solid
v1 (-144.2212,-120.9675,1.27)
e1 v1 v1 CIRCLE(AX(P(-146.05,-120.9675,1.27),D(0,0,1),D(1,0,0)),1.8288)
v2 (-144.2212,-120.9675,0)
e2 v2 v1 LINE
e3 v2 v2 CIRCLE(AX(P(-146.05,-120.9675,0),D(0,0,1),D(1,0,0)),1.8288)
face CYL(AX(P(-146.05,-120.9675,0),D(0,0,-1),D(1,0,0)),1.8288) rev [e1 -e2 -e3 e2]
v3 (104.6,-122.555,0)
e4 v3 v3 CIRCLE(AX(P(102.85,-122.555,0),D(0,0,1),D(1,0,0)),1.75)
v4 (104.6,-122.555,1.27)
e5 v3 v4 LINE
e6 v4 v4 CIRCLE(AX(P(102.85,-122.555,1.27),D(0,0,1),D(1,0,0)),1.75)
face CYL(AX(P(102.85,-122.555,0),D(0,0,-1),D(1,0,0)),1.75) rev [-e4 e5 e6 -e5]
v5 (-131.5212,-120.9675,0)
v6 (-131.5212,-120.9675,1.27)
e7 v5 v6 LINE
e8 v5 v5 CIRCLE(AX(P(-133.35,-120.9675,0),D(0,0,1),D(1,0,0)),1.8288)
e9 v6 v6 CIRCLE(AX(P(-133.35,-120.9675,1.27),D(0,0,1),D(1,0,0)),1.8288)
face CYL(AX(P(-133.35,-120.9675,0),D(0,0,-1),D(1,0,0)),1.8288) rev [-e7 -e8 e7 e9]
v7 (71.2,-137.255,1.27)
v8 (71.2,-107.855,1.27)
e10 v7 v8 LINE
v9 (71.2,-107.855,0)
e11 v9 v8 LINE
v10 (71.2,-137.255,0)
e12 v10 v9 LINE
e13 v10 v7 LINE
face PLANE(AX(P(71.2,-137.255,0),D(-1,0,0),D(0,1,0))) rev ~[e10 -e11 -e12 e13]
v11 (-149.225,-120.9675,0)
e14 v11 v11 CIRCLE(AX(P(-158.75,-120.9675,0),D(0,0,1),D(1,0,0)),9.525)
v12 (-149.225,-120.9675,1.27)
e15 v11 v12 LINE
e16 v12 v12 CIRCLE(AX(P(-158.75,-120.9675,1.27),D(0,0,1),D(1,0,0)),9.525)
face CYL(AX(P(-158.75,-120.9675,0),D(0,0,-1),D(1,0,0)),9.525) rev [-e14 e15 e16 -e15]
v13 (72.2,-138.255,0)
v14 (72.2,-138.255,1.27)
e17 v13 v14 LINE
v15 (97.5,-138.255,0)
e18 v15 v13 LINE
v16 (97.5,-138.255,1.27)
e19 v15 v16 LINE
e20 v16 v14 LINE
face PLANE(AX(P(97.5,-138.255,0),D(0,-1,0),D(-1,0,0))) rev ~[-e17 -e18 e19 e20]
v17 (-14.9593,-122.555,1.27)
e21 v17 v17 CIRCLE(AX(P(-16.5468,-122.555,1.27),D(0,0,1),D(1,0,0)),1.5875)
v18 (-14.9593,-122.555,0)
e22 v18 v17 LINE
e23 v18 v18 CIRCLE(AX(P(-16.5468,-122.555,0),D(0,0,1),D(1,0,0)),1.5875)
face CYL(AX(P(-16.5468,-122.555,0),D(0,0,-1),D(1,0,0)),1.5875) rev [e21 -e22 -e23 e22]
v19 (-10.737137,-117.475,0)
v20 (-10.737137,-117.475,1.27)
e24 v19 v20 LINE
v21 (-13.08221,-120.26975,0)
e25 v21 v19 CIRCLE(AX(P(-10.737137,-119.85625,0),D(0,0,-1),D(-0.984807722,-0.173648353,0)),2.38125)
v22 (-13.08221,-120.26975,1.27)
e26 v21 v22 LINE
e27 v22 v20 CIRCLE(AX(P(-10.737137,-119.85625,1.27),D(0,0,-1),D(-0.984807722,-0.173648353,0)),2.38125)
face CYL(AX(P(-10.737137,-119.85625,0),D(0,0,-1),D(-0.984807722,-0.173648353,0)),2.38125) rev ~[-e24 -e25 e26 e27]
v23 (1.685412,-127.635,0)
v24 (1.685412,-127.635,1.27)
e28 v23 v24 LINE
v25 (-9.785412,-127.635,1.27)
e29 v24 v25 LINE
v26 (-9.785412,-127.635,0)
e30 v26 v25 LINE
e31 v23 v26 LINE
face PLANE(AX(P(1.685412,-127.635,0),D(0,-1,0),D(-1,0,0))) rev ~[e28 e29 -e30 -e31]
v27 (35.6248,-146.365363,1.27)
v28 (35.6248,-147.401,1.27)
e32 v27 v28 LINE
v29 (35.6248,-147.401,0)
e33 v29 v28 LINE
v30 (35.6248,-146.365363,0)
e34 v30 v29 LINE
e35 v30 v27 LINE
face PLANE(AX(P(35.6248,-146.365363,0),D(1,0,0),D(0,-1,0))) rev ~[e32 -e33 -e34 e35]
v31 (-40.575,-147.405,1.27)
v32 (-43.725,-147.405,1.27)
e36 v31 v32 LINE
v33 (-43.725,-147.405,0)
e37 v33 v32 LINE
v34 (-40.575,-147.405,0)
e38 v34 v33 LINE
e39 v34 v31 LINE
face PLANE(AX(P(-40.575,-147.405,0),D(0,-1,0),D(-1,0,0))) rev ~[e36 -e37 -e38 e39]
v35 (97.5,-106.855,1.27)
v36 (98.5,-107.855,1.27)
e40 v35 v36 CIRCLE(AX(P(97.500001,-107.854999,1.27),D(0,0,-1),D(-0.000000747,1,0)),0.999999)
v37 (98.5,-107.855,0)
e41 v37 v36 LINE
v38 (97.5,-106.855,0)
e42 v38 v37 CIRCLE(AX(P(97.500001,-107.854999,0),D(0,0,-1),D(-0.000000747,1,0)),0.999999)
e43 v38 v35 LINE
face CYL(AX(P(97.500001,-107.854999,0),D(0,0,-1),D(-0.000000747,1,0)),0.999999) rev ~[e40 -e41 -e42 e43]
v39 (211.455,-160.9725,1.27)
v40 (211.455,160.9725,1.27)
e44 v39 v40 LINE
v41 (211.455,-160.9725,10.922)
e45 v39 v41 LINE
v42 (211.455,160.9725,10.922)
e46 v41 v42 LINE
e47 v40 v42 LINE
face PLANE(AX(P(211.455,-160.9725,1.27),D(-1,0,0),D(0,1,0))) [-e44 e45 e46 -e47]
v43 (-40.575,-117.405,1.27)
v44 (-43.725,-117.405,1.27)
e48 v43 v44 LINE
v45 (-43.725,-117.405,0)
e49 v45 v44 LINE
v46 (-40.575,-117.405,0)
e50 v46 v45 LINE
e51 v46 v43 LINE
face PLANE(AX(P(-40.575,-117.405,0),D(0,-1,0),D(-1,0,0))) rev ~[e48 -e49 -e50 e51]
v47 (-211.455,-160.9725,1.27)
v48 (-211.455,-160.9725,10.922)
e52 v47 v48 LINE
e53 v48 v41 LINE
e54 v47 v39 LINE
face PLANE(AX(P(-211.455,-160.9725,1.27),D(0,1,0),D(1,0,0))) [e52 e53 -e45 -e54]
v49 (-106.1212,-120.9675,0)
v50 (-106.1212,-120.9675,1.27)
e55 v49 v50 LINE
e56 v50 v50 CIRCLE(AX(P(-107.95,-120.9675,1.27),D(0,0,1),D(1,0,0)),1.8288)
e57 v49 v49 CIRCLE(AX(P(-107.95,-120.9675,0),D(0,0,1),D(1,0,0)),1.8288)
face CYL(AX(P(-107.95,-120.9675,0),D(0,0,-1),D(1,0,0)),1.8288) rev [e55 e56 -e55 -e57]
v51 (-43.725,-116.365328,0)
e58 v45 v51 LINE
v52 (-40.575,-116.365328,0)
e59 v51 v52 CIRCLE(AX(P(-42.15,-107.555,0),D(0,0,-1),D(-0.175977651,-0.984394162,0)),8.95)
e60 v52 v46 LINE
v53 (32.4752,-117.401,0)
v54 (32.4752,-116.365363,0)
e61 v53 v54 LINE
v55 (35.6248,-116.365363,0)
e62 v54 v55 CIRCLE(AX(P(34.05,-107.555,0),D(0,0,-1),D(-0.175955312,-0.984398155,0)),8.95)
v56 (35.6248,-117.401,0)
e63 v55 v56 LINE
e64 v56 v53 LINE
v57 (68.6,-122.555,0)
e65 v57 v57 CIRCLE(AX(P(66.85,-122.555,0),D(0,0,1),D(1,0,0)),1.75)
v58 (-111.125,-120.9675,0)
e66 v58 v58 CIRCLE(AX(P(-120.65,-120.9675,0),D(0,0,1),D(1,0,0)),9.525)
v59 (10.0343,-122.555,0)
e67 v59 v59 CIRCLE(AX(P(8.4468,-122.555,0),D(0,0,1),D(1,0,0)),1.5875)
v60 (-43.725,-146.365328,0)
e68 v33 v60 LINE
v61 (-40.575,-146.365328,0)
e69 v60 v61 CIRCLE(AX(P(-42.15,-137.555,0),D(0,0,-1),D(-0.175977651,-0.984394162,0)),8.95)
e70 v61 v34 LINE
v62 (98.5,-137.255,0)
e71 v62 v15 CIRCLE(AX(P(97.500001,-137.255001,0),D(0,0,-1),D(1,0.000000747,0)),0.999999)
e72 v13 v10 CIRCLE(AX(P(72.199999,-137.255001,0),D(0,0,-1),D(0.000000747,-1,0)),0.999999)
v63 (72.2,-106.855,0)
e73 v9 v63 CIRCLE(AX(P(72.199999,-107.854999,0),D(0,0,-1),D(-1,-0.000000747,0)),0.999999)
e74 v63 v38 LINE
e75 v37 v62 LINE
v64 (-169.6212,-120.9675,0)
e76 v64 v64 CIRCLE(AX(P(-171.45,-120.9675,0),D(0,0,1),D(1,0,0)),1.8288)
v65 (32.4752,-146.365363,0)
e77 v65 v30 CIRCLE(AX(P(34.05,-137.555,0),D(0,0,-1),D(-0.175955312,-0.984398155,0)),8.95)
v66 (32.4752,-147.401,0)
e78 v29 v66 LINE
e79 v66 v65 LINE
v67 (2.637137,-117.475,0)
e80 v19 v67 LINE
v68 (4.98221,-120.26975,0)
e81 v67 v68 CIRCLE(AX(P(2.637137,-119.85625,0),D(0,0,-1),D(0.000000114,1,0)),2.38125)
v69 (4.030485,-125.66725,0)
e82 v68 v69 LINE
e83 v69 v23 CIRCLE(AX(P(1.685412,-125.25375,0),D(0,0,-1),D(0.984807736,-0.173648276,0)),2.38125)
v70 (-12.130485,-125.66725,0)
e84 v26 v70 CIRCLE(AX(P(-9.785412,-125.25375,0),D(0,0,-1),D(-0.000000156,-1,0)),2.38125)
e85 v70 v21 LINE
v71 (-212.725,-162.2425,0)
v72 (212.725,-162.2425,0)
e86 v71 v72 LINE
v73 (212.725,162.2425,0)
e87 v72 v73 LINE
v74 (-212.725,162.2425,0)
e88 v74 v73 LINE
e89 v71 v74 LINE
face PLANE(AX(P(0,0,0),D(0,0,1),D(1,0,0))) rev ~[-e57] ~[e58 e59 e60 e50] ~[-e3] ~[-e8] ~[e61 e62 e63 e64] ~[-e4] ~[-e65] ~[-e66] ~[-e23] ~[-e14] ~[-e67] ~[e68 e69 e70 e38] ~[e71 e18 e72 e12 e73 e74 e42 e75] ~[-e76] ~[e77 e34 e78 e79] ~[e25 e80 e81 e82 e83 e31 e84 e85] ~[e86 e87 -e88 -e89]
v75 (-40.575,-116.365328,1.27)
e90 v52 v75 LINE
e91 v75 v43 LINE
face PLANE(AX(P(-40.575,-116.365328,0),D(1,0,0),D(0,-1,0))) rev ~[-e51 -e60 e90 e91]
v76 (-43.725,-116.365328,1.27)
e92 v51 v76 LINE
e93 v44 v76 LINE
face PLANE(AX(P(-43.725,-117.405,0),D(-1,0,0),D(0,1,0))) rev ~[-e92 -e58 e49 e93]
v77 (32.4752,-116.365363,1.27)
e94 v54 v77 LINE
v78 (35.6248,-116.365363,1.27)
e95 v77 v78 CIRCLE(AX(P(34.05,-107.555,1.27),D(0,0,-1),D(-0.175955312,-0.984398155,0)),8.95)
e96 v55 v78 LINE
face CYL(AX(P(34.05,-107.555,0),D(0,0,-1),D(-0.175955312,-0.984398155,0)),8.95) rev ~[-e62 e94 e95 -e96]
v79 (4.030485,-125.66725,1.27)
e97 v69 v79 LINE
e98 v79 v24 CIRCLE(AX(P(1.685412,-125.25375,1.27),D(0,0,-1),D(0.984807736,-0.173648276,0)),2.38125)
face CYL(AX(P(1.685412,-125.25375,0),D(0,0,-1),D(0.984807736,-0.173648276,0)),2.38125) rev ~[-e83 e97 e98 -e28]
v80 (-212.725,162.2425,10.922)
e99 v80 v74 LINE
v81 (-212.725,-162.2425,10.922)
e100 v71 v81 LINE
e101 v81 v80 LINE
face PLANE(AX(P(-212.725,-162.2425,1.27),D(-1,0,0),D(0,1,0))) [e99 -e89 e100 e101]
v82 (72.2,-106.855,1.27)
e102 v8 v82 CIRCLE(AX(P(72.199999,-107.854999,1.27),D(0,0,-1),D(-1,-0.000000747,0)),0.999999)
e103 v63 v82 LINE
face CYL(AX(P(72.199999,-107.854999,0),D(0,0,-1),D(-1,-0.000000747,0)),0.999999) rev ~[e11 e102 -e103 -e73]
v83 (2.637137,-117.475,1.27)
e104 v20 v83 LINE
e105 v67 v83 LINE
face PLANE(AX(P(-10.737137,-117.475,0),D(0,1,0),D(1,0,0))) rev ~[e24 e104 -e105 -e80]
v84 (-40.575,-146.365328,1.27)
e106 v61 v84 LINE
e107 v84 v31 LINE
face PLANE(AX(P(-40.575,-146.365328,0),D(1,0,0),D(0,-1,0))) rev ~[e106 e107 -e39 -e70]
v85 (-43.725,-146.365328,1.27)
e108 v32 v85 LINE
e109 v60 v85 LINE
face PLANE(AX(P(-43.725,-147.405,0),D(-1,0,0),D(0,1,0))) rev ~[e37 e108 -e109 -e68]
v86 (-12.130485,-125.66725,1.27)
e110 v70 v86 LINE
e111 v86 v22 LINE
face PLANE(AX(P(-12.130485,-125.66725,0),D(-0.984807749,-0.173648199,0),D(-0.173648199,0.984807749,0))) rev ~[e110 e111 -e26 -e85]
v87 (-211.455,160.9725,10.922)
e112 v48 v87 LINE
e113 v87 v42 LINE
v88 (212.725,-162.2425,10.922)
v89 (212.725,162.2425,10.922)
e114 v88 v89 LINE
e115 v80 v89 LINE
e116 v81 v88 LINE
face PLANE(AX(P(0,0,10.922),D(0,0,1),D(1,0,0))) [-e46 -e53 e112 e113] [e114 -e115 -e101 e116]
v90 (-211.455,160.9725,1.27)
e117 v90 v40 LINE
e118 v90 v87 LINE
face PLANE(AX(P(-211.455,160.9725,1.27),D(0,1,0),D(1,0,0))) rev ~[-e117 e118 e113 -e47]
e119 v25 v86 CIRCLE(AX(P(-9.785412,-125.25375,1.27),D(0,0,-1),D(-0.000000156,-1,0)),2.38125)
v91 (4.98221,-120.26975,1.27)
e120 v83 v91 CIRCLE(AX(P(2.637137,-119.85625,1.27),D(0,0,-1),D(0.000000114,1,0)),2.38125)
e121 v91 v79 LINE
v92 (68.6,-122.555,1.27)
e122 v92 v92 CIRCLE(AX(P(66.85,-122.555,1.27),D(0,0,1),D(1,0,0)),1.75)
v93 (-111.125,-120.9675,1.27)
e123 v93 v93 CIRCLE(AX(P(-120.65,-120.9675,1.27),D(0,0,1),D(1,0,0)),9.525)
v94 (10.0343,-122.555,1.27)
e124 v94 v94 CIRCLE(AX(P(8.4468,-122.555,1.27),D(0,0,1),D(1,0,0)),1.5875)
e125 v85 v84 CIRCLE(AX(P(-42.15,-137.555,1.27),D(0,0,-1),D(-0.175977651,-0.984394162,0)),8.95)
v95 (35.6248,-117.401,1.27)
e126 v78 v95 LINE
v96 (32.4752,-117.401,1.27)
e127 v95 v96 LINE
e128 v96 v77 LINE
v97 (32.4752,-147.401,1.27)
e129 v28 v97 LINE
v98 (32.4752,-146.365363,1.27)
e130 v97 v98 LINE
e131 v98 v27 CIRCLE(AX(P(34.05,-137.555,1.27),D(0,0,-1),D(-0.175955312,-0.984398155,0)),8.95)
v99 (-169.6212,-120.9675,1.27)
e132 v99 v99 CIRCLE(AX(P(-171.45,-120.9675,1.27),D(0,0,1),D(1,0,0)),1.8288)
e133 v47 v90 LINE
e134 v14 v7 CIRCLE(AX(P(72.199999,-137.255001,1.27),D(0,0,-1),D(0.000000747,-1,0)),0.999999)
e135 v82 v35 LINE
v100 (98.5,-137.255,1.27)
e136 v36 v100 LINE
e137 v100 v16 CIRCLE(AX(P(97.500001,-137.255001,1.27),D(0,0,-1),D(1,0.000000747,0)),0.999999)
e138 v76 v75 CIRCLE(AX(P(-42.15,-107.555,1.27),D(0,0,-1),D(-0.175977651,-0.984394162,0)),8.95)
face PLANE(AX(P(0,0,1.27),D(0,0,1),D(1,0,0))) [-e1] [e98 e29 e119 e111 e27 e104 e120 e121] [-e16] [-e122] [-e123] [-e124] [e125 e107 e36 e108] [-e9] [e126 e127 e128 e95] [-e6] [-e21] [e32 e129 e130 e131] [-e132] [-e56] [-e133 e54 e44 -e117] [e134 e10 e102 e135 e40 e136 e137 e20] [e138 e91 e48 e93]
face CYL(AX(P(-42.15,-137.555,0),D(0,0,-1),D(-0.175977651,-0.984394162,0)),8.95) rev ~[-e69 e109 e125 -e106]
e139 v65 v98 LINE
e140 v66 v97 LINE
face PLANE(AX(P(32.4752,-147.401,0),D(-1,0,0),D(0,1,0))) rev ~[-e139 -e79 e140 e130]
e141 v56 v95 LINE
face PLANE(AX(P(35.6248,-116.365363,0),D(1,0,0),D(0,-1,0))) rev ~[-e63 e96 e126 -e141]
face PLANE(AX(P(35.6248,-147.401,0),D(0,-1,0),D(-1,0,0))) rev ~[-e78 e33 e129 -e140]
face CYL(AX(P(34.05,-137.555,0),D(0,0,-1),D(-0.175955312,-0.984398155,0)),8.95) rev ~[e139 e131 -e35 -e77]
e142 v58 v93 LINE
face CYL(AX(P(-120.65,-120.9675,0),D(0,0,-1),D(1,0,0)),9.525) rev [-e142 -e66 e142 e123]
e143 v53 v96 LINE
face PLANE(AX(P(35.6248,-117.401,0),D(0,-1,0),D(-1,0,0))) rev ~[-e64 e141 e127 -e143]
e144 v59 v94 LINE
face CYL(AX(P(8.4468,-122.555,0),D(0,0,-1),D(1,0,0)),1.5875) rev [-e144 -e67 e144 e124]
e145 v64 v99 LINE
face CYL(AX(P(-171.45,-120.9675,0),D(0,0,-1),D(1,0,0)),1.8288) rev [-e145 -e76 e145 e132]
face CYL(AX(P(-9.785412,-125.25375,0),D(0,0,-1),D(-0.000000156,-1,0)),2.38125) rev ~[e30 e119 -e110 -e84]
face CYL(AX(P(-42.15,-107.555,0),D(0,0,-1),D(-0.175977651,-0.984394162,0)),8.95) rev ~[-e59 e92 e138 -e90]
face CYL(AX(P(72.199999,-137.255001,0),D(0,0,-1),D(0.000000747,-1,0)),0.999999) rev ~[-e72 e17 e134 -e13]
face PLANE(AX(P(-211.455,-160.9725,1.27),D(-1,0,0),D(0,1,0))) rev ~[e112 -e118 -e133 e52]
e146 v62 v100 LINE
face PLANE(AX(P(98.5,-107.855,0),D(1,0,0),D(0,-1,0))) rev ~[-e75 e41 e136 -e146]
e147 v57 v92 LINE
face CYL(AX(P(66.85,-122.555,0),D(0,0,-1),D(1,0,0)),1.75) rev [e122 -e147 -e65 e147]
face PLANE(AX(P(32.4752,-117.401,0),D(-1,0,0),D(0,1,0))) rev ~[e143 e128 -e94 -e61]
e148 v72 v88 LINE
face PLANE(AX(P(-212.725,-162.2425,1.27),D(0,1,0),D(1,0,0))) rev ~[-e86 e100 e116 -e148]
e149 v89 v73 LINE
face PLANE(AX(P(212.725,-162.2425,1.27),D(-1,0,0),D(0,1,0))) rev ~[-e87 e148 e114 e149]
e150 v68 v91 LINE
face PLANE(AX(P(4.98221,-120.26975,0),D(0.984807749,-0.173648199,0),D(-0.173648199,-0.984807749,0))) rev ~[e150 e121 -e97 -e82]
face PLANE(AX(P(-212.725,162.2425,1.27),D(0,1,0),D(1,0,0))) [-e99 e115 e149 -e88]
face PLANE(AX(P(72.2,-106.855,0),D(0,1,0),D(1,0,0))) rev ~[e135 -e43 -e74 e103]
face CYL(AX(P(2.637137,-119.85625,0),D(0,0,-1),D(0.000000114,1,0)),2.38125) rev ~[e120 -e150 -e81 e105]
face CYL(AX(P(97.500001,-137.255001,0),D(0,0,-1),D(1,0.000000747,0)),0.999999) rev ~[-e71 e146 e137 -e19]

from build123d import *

# Parameters (mm, degrees)
F0_W     = 425.45
F0_H     = 324.485
F0_R     = 1.8288
F0_R_2   = 9.525
F0_R_3   = 1.5875
F0_R_4   = 1.75
F1_DEPTH = 1.27
F2_W     = 425.45
F2_H     = 324.485
F2_W_2   = 422.91
F2_H_2   = 321.945
F3_DEPTH = 9.652


with BuildPart() as f1:
    # F0 (on Top) → F1 (new body)
    with BuildSketch(Plane.XY):
        Rectangle(F0_W, F0_H)
        with Locations((-171.45, -120.9675)):
            Circle(F0_R, mode=Mode.SUBTRACT)
        with Locations((-158.75, -120.9675)):
            Circle(F0_R_2, mode=Mode.SUBTRACT)
        with Locations((-146.05, -120.9675)):
            Circle(F0_R, mode=Mode.SUBTRACT)
        with Locations((-133.35, -120.9675)):
            Circle(F0_R, mode=Mode.SUBTRACT)
        with Locations((-120.65, -120.9675)):
            Circle(F0_R_2, mode=Mode.SUBTRACT)
        with Locations((-107.95, -120.9675)):
            Circle(F0_R, mode=Mode.SUBTRACT)
        with BuildLine():
            ThreePointArc((-43.725, -146.365328), (-42.15, -128.605), (-40.575, -146.365328))
            Line((-40.575, -146.365328), (-40.575, -147.405))
            Line((-40.575, -147.405), (-43.725, -147.405))
            Line((-43.725, -147.405), (-43.725, -146.365328))
        make_face(mode=Mode.SUBTRACT)
        with Locations((-16.5468, -122.555)):
            Circle(F0_R_3, mode=Mode.SUBTRACT)
        with BuildLine():
            ThreePointArc((-13.08221, -120.26975), (-12.56128, -118.325612), (-10.737137, -117.475))
            Line((-10.737137, -117.475), (2.637137, -117.475))
            ThreePointArc((2.637137, -117.475), (4.46128, -118.325612), (4.98221, -120.26975))
            Line((4.98221, -120.26975), (4.030485, -125.66725))
            ThreePointArc((4.030485, -125.66725), (3.21605, -127.077893), (1.685412, -127.635))
            Line((1.685412, -127.635), (-9.785412, -127.635))
            ThreePointArc((-9.785412, -127.635), (-11.31605, -127.077893), (-12.130485, -125.66725))
            Line((-12.130485, -125.66725), (-13.08221, -120.26975))
        make_face(mode=Mode.SUBTRACT)
        with BuildLine():
            ThreePointArc((-43.725, -116.365328), (-42.15, -98.605), (-40.575, -116.365328))
            Line((-40.575, -116.365328), (-40.575, -117.405))
            Line((-40.575, -117.405), (-43.725, -117.405))
            Line((-43.725, -117.405), (-43.725, -116.365328))
        make_face(mode=Mode.SUBTRACT)
        with Locations((8.4468, -122.555)):
            Circle(F0_R_3, mode=Mode.SUBTRACT)
        with BuildLine():
            ThreePointArc((32.4752, -146.365363), (34.05, -128.605), (35.6248, -146.365363))
            Line((35.6248, -146.365363), (35.6248, -147.401))
            Line((35.6248, -147.401), (32.4752, -147.401))
            Line((32.4752, -147.401), (32.4752, -146.365363))
        make_face(mode=Mode.SUBTRACT)
        with Locations((66.85, -122.555)):
            Circle(F0_R_4, mode=Mode.SUBTRACT)
        with BuildLine():
            ThreePointArc((71.2, -107.855), (71.492893, -107.147893), (72.2, -106.855))
            Line((72.2, -106.855), (97.5, -106.855))
            ThreePointArc((97.5, -106.855), (98.207107, -107.147893), (98.5, -107.855))
            Line((98.5, -107.855), (98.5, -137.255))
            ThreePointArc((98.5, -137.255), (98.207107, -137.962107), (97.5, -138.255))
            Line((97.5, -138.255), (72.2, -138.255))
            ThreePointArc((72.2, -138.255), (71.492893, -137.962107), (71.2, -137.255))
            Line((71.2, -137.255), (71.2, -107.855))
        make_face(mode=Mode.SUBTRACT)
        with Locations((102.85, -122.555)):
            Circle(F0_R_4, mode=Mode.SUBTRACT)
        with BuildLine():
            ThreePointArc((32.4752, -116.365363), (34.05, -98.605), (35.6248, -116.365363))
            Line((35.6248, -116.365363), (35.6248, -117.401))
            Line((35.6248, -117.401), (32.4752, -117.401))
            Line((32.4752, -117.401), (32.4752, -116.365363))
        make_face(mode=Mode.SUBTRACT)
    extrude(amount=F1_DEPTH)

    # F2 (on face) → F3 (join)
    with BuildSketch(Plane.XY.offset(1.27)):
        Rectangle(F2_W, F2_H)
        Rectangle(F2_W_2, F2_H_2, mode=Mode.SUBTRACT)
    extrude(amount=F3_DEPTH)


solid = f1.part
